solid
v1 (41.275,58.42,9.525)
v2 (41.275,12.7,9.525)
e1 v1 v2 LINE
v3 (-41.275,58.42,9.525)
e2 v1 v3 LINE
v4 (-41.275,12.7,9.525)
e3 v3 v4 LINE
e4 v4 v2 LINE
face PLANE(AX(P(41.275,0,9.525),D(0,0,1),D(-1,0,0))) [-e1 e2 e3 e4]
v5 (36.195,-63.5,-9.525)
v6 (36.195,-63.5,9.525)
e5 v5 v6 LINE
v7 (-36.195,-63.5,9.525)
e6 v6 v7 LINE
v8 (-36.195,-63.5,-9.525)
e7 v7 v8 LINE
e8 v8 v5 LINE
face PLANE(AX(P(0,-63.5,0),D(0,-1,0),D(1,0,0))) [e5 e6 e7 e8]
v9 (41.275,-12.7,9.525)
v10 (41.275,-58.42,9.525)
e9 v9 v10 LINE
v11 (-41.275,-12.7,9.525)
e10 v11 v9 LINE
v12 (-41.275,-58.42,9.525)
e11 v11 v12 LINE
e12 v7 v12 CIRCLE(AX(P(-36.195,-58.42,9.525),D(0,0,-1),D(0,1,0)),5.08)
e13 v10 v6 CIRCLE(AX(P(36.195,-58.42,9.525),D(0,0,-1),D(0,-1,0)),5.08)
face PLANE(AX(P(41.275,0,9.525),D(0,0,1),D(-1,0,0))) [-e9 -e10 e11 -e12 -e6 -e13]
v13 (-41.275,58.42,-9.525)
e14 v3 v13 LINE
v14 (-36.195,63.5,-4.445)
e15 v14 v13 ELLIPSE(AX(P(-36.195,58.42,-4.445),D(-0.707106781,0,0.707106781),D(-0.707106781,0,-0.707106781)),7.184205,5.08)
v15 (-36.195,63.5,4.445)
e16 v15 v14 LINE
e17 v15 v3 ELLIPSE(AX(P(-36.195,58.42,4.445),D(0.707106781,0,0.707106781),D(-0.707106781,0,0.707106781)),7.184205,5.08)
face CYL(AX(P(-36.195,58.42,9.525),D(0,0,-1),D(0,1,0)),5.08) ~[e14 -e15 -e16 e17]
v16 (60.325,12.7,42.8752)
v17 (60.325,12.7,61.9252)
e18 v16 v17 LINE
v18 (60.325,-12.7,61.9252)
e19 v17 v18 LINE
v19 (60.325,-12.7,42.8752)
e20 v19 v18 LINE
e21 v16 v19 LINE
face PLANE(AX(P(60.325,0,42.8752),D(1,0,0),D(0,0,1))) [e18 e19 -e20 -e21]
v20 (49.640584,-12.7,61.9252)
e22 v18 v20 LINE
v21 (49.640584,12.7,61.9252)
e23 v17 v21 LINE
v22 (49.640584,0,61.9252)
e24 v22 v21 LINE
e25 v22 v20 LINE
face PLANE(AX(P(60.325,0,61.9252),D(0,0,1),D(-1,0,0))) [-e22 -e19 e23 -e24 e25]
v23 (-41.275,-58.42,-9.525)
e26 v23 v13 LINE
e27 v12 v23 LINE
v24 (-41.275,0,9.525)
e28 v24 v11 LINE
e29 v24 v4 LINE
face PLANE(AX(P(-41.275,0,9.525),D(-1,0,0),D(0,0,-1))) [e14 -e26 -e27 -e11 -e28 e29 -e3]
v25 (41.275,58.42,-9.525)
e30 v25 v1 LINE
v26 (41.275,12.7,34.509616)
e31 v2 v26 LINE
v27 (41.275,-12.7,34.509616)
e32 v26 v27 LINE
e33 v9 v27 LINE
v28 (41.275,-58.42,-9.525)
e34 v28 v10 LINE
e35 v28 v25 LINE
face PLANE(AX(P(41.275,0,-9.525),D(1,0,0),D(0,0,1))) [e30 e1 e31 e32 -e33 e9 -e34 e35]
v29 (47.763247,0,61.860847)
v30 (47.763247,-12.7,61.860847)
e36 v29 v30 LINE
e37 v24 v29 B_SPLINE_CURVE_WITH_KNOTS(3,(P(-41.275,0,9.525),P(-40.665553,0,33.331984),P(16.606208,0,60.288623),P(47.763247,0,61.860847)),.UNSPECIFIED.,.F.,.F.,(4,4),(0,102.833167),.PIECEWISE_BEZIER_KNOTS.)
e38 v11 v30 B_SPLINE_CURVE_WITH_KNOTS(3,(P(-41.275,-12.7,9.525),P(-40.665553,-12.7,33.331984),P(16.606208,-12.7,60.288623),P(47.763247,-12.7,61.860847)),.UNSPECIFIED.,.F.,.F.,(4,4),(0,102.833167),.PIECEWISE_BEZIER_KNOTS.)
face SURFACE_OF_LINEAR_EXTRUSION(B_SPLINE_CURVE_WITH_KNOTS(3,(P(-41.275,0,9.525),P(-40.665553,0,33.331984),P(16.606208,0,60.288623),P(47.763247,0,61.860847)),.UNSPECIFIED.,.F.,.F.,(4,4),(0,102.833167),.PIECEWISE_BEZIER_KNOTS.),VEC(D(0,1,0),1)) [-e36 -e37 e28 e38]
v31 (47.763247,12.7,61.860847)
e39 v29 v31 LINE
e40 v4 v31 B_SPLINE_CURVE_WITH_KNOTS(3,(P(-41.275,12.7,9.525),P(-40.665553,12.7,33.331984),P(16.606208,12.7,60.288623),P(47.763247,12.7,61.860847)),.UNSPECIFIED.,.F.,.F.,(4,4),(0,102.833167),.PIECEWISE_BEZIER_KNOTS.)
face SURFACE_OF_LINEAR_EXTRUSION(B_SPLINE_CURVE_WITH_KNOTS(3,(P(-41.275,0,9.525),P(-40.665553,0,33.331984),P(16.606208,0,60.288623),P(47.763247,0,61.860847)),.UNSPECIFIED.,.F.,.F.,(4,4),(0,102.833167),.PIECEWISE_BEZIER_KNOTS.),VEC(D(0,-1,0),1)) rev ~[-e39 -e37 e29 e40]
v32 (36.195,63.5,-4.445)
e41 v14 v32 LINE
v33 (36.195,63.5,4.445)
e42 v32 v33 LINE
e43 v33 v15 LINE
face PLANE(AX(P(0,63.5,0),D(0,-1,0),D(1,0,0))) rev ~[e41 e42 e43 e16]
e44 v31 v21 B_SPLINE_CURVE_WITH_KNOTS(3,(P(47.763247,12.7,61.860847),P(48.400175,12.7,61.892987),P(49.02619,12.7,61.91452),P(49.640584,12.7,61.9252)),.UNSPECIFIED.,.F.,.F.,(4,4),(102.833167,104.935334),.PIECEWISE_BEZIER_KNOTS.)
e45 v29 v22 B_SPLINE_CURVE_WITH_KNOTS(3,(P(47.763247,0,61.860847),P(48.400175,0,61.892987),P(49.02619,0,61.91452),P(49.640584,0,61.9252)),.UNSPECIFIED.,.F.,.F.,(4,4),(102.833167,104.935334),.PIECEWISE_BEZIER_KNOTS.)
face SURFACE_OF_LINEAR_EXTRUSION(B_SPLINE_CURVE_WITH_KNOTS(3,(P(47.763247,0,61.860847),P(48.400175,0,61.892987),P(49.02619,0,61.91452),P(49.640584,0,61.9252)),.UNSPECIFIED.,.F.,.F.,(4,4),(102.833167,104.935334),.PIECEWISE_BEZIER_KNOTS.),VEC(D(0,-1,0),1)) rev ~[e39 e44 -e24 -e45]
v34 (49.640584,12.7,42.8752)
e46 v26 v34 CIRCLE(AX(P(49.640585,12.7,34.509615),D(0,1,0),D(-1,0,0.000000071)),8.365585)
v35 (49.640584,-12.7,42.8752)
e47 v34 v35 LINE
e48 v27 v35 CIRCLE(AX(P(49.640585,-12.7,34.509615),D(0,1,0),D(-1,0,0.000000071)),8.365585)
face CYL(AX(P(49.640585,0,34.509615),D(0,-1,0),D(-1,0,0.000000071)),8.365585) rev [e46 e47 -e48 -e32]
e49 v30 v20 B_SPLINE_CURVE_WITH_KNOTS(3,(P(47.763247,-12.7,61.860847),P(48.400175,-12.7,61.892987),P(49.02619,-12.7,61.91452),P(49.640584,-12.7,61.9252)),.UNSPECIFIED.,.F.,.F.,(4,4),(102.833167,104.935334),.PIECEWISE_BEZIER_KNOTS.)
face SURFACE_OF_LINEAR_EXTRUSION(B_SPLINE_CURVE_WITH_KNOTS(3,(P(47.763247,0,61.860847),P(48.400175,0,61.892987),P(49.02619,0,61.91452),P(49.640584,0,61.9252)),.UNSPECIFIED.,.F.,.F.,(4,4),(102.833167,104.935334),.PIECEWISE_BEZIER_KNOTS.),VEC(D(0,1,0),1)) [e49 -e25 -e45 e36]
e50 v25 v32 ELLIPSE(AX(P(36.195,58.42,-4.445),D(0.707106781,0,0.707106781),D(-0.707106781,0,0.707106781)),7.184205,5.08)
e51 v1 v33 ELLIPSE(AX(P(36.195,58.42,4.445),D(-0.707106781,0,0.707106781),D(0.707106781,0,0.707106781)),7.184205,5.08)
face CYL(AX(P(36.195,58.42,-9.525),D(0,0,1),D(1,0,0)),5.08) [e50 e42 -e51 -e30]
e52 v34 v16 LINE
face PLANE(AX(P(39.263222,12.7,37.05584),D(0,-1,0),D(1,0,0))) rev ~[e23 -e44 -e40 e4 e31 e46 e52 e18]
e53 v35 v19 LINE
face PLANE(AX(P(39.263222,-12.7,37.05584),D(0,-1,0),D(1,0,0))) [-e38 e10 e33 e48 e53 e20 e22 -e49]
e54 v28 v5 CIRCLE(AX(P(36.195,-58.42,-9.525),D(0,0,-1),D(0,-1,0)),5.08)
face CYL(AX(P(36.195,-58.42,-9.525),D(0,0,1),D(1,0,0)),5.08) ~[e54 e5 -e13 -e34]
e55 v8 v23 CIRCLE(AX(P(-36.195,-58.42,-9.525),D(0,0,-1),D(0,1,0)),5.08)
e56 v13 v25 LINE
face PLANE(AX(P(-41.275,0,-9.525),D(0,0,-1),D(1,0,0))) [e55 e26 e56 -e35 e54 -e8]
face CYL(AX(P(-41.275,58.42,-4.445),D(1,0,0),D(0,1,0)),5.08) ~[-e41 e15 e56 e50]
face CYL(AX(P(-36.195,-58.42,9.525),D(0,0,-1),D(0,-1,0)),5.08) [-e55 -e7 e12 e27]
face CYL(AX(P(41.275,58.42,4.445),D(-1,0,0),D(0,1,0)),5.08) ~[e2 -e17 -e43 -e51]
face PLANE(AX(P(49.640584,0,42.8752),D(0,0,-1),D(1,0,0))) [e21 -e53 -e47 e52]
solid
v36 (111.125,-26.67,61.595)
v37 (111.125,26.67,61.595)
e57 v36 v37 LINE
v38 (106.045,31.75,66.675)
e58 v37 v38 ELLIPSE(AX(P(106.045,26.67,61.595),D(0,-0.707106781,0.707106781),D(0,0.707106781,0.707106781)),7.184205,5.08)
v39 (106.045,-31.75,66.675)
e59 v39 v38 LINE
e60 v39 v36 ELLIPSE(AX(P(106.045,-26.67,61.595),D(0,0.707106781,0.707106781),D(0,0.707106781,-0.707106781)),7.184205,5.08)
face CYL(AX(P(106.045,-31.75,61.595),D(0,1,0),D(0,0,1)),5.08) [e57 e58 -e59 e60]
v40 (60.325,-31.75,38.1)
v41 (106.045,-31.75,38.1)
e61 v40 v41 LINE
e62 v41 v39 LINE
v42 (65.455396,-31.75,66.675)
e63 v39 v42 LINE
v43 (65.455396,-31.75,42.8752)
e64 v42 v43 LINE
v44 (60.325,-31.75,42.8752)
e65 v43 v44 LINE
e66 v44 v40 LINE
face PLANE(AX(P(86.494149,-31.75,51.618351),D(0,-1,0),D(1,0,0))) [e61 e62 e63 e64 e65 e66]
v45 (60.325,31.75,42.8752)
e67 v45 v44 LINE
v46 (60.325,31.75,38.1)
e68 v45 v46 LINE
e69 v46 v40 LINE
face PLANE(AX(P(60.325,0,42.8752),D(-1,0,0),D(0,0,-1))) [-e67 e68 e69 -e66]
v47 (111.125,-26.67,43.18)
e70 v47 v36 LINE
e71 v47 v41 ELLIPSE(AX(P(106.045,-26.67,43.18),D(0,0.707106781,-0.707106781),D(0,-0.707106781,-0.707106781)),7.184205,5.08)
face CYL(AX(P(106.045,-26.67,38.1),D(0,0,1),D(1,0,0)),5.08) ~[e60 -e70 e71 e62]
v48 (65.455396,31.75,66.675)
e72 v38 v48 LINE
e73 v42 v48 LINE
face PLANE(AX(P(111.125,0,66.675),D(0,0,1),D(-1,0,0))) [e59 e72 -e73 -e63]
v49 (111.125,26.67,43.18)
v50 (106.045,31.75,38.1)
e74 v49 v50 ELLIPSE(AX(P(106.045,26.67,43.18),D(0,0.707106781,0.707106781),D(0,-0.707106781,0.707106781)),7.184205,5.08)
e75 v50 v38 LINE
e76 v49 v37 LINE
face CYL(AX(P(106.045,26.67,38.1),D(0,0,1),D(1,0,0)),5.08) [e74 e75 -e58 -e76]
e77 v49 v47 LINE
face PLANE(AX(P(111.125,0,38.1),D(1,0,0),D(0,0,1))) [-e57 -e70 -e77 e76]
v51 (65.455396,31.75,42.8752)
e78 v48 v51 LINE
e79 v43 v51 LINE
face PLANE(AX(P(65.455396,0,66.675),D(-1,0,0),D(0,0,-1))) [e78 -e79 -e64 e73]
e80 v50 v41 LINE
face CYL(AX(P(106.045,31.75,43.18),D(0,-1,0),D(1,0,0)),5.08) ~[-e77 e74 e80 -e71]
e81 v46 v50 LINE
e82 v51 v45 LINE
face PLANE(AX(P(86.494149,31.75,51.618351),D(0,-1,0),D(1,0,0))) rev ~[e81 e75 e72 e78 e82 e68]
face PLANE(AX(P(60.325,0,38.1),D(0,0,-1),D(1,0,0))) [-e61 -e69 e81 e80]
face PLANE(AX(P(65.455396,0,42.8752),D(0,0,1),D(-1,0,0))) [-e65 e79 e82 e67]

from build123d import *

# Parameters (mm, degrees)
F1_DEPTH = 63.5
F2_DEPTH = 12.7
F3_DEPTH = 31.75
F4_R     = 5.08
F4_2_R   = 5.08


with BuildPart() as f1:
    # F0 (on Front) → F1 (new body, symmetric)
    with BuildSketch(Plane.XZ):
        Polygon((41.275, -9.525), (41.275, 9.525), (22.225, 9.525), (-41.275, 9.525), (-41.275, -9.525), align=None)
    extrude(amount=F1_DEPTH, both=True)

    # F0 (on Front) → F2 (join, symmetric)
    with BuildSketch(Plane.XZ):
        with BuildLine():
            Line((22.225, 9.525), (41.275, 9.525))
            Line((41.275, 9.525), (41.275, 34.509616))
            ThreePointArc((41.275, 34.509616), (43.725223, 40.424977), (49.640584, 42.8752))
            Line((49.640584, 42.8752), (60.325, 42.8752))
            Line((60.325, 42.8752), (60.325, 61.9252))
            Line((60.325, 61.9252), (49.640584, 61.9252))
            add(Edge.make_bspline(
                [(47.763247, 61.860847), (48.400175, 61.892987), (49.02619, 61.91452), (49.640584, 61.9252)],
                knots=[102.833167, 102.833167, 102.833167, 102.833167, 104.935334, 104.935334, 104.935334, 104.935334], degree=3))
            ThreePointArc((47.763247, 61.860847), (29.602089, 53.219853), (22.225, 34.509616))
            Line((22.225, 34.509616), (22.225, 9.525))
        make_face()
        with BuildLine():
            Line((-41.275, 9.525), (22.225, 9.525))
            Line((22.225, 9.525), (22.225, 34.509616))
            ThreePointArc((22.225, 34.509616), (29.602089, 53.219853), (47.763247, 61.860847))
            add(Edge.make_bspline(
                [(-41.275, 9.525), (-40.665553, 33.331984), (16.606208, 60.288623), (47.763247, 61.860847)],
                knots=[0, 0, 0, 0, 102.833167, 102.833167, 102.833167, 102.833167], degree=3))
        make_face()
    extrude(amount=F2_DEPTH, both=True)

    # F4
    f4_edges = [f1.edges().sort_by_distance(p)[0] for p in [
        (41.275, -63.5, 0),
        (41.275, 63.5, 0),
        (0, 63.5, 9.525),
        (-41.275, 63.5, 0),
        (0, 63.5, -9.525),
        (-41.275, -63.5, 0),
    ]]
    fillet(f4_edges, radius=F4_R)


with BuildPart() as f3:
    # F0 (on Front) → F3 (new body, symmetric)
    with BuildSketch(Plane.XZ):
        Polygon((65.455396, 42.8752), (60.325, 42.8752), (60.325, 38.1), (111.125, 38.1), (111.125, 66.675), (65.455396, 66.675), (65.455396, 61.9252), (65.455396, 52.4002), align=None)
    extrude(amount=F3_DEPTH, both=True)

    # F4#2
    f4_2_edges = [f3.edges().sort_by_distance(p)[0] for p in [
        (111.125, 0, 38.1),
        (111.125, 31.75, 52.3875),
        (111.125, 0, 66.675),
        (111.125, -31.75, 52.3875),
    ]]
    fillet(f4_2_edges, radius=F4_2_R)


solid = Compound([f1.part, f3.part])
